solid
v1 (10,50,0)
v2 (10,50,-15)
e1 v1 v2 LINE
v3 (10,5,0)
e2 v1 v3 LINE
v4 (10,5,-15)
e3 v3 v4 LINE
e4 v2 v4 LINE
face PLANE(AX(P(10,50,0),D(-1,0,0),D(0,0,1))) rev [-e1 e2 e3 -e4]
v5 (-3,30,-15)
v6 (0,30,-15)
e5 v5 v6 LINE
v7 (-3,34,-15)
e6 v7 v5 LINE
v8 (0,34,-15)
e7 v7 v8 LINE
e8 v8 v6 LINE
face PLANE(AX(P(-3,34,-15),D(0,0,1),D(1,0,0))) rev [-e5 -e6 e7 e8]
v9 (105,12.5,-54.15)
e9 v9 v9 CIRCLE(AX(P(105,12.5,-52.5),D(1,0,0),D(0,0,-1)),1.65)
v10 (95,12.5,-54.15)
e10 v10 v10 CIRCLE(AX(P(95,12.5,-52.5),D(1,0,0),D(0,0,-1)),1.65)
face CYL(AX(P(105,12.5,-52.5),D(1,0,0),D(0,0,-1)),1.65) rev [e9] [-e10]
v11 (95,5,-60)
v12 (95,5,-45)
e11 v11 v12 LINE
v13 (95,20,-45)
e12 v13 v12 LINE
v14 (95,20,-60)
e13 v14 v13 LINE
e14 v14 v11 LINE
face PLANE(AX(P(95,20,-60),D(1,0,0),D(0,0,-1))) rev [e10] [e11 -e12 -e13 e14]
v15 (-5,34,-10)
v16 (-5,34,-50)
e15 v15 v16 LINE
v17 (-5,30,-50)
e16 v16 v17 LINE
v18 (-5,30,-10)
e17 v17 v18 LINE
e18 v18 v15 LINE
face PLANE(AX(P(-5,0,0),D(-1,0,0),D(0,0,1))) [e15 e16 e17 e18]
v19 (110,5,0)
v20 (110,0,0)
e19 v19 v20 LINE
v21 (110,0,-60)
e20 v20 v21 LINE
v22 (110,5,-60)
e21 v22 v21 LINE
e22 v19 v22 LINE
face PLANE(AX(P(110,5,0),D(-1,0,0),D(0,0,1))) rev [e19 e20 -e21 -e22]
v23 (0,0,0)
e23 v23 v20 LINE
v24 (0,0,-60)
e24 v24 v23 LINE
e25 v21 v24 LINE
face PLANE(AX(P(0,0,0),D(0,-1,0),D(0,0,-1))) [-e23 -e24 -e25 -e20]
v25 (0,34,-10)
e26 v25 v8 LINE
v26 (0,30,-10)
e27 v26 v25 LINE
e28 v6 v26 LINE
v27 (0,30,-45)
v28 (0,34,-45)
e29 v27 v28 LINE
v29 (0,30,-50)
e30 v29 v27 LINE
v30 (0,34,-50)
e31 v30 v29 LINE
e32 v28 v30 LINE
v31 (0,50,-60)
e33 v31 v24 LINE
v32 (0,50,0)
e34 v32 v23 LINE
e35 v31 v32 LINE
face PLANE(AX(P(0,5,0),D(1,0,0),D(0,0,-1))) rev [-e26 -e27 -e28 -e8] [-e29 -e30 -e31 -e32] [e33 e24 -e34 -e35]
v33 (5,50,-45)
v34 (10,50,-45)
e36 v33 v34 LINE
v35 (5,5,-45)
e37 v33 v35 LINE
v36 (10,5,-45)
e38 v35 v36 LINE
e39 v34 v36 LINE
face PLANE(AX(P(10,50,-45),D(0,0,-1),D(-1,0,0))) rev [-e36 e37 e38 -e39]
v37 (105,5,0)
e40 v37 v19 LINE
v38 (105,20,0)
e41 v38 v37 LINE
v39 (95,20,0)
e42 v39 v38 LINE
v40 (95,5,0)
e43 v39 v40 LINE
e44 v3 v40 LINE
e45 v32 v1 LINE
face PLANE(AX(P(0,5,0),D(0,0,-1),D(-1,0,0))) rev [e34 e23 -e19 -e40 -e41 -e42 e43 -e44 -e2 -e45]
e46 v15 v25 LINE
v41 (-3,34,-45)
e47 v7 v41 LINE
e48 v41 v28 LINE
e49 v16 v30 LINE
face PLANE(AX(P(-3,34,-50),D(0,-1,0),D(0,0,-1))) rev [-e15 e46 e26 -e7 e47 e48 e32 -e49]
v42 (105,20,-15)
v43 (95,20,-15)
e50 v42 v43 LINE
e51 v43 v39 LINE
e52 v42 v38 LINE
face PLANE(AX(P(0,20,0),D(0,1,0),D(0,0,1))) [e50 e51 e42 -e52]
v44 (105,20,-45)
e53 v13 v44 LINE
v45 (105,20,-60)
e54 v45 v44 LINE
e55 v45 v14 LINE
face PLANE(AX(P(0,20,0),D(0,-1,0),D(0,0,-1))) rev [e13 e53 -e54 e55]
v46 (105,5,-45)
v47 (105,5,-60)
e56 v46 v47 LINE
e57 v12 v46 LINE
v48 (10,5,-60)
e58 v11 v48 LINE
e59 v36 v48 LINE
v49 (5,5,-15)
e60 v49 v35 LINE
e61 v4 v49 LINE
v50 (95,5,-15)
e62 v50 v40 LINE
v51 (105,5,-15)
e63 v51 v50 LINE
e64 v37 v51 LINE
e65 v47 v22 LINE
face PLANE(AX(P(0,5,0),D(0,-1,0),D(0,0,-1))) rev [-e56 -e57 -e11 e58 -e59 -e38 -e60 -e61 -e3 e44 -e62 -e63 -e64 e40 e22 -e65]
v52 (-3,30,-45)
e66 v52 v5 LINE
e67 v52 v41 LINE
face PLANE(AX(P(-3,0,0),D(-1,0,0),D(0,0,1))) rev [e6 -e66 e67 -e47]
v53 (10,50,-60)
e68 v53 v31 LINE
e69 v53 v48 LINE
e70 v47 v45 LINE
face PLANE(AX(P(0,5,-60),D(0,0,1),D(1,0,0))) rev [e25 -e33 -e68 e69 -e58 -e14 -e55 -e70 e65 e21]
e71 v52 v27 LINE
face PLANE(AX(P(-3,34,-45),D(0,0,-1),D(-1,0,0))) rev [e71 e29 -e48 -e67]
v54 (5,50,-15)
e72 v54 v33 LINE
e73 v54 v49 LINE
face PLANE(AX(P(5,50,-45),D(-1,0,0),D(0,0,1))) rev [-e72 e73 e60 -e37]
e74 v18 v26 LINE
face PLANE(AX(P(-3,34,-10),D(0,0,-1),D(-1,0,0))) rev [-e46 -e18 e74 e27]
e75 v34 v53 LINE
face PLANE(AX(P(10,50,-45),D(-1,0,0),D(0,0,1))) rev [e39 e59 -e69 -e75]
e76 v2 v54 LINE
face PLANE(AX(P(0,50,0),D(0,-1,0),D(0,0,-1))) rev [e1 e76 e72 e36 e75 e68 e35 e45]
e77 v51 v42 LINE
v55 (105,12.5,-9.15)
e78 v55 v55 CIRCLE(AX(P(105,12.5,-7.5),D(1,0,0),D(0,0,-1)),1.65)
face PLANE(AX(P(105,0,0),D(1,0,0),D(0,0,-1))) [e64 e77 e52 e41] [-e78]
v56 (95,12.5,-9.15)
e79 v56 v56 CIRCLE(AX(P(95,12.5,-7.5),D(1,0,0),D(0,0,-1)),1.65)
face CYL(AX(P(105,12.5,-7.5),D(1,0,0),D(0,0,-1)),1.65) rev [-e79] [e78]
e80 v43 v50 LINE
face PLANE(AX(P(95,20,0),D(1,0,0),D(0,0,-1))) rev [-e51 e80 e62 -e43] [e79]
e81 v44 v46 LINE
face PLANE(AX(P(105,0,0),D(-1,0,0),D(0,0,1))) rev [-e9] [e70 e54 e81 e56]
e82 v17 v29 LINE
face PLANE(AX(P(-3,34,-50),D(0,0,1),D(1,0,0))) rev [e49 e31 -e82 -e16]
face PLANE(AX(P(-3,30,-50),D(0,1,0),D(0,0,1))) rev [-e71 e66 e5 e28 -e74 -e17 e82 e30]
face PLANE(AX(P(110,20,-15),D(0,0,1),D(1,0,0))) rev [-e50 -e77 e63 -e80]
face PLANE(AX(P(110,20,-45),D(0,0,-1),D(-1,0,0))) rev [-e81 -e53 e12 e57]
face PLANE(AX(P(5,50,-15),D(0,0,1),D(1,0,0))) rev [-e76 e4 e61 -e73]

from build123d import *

# Parameters (mm, degrees)
CROQUIS1_W                = 110
CROQUIS1_H                = 60
SALIENTE_EXTRUIR1_DEPTH   = 5
SALIENTE_EXTRUIR2_DEPTH   = 45
CROQUIS4_W                = 15
CROQUIS4_H                = 15
SALIENTE_EXTRUIR3_DEPTH   = 15
CROQUIS5_W                = 15
CROQUIS5_H                = 15
CORTAR_EXTRUIR1_DEPTH     = 5
TALADRO_ROSCADO_M41_D     = 3.3
TALADRO_ROSCADO_M41_DEPTH = 14.008579979
TALADRO_ROSCADO_M41_TIP   = 0.991420021
CROQUIS11_W               = 5
CROQUIS11_H               = 4
SALIENTE_EXTRUIR4_DEPTH   = 3
CROQUIS12_W               = 40
CROQUIS12_H               = 4
SALIENTE_EXTRUIR5_DEPTH   = 2


with BuildPart() as part:
    # Croquis1 → Saliente-Extruir1 (new body)
    with BuildSketch(Plane(origin=(0, 0, 0), x_dir=(1, 0, 0), z_dir=(0, 1, 0))):
        with Locations((55, 30)):
            Rectangle(CROQUIS1_W, CROQUIS1_H)
    extrude(amount=SALIENTE_EXTRUIR1_DEPTH)

    # Croquis2 → Saliente-Extruir2 (add)
    with BuildSketch(Plane(origin=(0, 5, 0), x_dir=(1, 0, 0), z_dir=(0, 1, 0))):
        Polygon((0, 0), (10, 0), (10, 15), (5, 15), (5, 45), (10, 45), (10, 60), (0, 60), align=None)
    extrude(amount=SALIENTE_EXTRUIR2_DEPTH)

    # Croquis4 → Saliente-Extruir3 (add)
    with BuildSketch(Plane(origin=(0, 5, 0), x_dir=(1, 0, 0), z_dir=(0, 1, 0))):
        with Locations((102.5, 52.5)):
            Rectangle(CROQUIS4_W, CROQUIS4_H)
        with Locations((102.5, 7.5)):
            Rectangle(CROQUIS4_W, CROQUIS4_H)
    extrude(amount=SALIENTE_EXTRUIR3_DEPTH)

    # Croquis5 → Cortar-Extruir1 (cut)
    with BuildSketch(Plane(origin=(110, 0, 0), x_dir=(0, 0, -1), z_dir=(1, 0, 0))):
        with Locations((7.5, 12.5)):
            Rectangle(CROQUIS5_W, CROQUIS5_H)
        with Locations((52.5, 12.5)):
            Rectangle(CROQUIS5_W, CROQUIS5_H)
    extrude(amount=-CORTAR_EXTRUIR1_DEPTH, mode=Mode.SUBTRACT)

    # Taladro roscado M41
    with Locations(Plane(origin=(105, 0, 0), x_dir=(0, 0, -1), z_dir=(1, 0, 0))):
        with Locations((7.5, 12.5), (52.5, 12.5)):
            Hole(TALADRO_ROSCADO_M41_D / 2, depth=TALADRO_ROSCADO_M41_DEPTH)
            with Locations((0, 0, -(TALADRO_ROSCADO_M41_DEPTH + TALADRO_ROSCADO_M41_TIP / 2))):  # 118° drill point
                Cone(0, TALADRO_ROSCADO_M41_D / 2, TALADRO_ROSCADO_M41_TIP, mode=Mode.SUBTRACT)

    # Croquis11 → Saliente-Extruir4 (add)
    with BuildSketch(Plane.ZY):
        with Locations((-47.5, 32)):
            Rectangle(CROQUIS11_W, CROQUIS11_H)
        with Locations((-12.5, 32)):
            Rectangle(CROQUIS11_W, CROQUIS11_H)
    extrude(amount=SALIENTE_EXTRUIR4_DEPTH)

    # Croquis12 → Saliente-Extruir5 (add)
    with BuildSketch(Plane.ZY.offset(3)):
        with Locations((-30, 32)):
            Rectangle(CROQUIS12_W, CROQUIS12_H)
    extrude(amount=SALIENTE_EXTRUIR5_DEPTH)


solid = part.part
